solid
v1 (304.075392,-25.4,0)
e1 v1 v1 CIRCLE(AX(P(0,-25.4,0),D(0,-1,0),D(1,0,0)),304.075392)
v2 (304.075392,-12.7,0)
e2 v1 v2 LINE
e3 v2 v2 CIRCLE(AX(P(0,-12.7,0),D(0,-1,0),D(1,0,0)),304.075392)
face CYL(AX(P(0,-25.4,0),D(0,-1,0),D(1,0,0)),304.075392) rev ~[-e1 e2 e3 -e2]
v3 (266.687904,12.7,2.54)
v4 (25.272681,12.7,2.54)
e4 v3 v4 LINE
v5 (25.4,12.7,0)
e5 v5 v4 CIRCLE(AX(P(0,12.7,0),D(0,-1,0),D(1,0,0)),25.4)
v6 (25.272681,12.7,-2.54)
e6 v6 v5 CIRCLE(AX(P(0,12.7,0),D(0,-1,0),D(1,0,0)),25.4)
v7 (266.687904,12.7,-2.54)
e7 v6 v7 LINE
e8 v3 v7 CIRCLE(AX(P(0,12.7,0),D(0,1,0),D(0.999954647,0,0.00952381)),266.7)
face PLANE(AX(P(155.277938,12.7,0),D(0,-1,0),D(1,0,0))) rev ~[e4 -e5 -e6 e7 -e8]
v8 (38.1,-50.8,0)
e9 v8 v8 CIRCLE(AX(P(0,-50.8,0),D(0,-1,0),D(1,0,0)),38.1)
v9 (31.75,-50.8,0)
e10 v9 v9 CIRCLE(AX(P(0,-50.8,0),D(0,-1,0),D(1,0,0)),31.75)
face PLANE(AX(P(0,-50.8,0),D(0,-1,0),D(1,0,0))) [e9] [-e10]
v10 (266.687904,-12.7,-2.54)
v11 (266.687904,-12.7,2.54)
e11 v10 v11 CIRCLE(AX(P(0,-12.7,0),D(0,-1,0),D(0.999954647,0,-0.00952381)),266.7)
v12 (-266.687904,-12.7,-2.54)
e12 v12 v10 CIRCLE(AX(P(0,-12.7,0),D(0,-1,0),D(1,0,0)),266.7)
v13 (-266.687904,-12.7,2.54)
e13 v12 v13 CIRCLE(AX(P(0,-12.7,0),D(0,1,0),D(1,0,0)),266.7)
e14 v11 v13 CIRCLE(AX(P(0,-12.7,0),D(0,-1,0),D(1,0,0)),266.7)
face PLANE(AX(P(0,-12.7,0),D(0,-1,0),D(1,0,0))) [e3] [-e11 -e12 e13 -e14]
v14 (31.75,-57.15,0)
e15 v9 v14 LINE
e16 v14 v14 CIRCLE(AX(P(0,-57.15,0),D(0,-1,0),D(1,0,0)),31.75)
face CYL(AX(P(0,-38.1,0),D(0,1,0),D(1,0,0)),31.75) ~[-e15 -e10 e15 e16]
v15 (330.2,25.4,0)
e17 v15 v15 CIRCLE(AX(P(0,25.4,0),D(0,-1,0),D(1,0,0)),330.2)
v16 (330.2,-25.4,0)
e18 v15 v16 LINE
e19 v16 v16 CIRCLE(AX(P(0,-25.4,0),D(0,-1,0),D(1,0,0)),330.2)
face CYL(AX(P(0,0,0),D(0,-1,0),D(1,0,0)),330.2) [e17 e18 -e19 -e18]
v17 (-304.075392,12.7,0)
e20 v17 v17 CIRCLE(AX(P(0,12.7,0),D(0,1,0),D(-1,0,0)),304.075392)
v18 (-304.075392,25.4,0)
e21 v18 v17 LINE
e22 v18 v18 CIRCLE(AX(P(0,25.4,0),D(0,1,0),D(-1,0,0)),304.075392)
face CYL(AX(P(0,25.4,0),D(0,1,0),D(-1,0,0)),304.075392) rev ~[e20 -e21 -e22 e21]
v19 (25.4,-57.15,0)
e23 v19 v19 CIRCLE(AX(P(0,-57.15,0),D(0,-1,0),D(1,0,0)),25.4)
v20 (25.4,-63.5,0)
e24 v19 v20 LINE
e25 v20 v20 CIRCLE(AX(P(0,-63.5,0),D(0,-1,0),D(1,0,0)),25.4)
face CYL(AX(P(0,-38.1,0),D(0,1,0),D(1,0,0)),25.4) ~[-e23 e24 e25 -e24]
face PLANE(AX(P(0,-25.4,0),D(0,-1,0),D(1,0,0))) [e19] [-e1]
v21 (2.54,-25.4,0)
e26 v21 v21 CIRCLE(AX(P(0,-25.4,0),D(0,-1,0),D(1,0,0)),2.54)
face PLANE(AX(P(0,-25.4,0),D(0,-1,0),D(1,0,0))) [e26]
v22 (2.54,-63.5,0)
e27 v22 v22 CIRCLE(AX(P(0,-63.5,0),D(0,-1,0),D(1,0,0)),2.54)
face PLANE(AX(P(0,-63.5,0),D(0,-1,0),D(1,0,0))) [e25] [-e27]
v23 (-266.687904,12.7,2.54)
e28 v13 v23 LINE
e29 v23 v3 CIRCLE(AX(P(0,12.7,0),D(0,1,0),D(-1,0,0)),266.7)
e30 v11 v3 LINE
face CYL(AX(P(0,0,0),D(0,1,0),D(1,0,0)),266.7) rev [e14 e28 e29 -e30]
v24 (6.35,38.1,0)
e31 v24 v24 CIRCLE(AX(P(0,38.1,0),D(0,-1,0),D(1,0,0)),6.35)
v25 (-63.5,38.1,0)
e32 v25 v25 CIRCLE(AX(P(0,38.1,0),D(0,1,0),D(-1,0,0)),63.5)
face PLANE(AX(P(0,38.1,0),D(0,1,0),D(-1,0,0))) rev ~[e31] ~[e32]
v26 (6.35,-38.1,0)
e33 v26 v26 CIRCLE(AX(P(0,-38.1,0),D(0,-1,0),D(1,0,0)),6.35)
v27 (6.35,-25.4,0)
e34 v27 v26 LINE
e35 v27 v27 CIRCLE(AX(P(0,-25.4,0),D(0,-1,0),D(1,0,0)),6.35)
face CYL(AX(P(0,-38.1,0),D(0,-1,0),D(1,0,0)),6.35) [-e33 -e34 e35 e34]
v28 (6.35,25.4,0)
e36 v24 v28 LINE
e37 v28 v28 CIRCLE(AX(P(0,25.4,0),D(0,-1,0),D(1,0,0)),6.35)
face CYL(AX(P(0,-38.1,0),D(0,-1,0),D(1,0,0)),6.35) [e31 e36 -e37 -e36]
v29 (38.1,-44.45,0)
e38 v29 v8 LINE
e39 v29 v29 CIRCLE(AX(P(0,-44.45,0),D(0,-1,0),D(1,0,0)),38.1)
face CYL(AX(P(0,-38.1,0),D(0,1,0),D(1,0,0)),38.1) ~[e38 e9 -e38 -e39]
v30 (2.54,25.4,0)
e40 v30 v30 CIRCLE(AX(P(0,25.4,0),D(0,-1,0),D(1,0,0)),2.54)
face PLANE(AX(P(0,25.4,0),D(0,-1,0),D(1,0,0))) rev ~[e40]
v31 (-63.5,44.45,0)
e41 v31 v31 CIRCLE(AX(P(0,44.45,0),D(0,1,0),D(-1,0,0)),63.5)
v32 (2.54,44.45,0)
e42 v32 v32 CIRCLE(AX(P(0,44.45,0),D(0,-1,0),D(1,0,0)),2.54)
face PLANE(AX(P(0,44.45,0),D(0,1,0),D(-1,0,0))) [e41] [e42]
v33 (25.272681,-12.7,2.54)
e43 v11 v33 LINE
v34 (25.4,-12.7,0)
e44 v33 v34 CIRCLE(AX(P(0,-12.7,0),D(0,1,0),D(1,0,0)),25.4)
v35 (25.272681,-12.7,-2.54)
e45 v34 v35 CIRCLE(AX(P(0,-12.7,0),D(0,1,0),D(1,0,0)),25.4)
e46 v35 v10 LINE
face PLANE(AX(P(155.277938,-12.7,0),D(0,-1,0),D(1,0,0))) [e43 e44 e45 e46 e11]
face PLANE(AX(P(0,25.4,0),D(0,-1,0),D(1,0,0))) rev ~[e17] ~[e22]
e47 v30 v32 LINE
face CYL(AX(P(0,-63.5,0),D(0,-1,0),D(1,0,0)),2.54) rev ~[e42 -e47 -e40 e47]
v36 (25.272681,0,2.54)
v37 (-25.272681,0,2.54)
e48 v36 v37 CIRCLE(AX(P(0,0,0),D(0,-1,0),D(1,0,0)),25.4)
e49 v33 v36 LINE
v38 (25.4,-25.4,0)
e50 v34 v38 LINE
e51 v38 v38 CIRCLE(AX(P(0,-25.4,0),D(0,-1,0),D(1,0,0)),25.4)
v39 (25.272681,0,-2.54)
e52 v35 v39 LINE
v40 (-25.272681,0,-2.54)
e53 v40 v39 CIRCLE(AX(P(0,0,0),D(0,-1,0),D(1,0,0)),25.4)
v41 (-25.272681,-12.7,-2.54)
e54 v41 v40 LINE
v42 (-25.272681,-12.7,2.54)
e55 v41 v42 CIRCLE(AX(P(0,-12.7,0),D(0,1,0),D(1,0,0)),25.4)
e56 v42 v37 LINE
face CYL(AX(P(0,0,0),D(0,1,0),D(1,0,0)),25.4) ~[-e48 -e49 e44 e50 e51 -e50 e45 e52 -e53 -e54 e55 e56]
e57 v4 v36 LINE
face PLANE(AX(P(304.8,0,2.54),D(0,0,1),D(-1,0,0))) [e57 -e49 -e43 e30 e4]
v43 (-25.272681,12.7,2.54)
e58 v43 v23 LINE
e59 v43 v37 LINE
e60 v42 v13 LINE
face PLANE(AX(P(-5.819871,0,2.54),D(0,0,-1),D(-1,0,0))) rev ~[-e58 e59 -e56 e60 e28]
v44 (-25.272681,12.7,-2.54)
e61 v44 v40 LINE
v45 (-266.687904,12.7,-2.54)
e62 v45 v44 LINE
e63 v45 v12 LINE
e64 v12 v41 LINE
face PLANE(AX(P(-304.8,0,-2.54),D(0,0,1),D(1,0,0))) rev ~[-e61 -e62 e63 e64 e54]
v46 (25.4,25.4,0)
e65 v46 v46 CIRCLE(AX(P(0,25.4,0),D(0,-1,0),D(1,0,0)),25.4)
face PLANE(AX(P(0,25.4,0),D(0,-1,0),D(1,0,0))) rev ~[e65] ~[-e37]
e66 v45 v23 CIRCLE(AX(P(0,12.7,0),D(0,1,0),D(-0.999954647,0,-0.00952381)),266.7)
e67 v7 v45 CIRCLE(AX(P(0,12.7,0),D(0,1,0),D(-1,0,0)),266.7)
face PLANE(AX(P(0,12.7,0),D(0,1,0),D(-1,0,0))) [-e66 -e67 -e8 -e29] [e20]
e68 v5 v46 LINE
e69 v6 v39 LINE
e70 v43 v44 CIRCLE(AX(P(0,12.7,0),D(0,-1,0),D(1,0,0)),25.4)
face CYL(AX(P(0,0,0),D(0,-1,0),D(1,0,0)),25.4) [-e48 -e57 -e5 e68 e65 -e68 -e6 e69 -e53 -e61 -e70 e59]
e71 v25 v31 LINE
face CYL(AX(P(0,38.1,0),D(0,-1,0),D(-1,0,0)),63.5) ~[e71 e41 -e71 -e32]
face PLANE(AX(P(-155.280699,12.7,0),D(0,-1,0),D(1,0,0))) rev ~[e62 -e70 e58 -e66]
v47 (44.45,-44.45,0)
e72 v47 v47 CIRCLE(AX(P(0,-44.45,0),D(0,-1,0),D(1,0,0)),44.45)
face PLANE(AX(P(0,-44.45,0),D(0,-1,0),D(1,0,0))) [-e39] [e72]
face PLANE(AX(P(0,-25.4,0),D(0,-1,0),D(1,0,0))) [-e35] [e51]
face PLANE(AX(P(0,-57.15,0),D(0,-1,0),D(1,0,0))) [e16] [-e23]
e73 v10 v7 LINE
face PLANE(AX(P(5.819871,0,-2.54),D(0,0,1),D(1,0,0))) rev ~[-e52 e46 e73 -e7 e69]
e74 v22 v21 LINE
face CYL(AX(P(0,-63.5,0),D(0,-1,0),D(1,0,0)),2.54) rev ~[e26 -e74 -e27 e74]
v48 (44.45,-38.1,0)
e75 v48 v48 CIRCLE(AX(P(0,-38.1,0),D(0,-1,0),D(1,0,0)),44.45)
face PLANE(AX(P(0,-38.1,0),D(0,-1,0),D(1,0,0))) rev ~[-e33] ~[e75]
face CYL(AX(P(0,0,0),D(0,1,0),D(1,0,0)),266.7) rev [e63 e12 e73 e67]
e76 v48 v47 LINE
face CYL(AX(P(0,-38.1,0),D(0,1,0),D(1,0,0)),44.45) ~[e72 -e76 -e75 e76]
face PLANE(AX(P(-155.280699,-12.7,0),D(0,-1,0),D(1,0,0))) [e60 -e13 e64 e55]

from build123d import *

# Parameters (mm, degrees)
F0_R           = 330.2
F0_R_2         = 266.7
F1_DEPTH       = 25.4
F1_DEPTH_BACK  = 25.4
F3_R           = 44.45
F3_R_2         = 38.1
F4_DEPTH       = 6.35
F3_R_3         = 31.75
F5_DEPTH       = 12.7
F3_R_4         = 25.4
F6_DEPTH       = 19.05
F3_R_5         = 19.05
F7_DEPTH       = 25.4
F9_R           = 63.5
F10_DEPTH      = 6.35
F3_R_6         = 6.35
F11_DEPTH      = 25.4
F11_DEPTH_BACK = 76.2
F12_R          = 19.05
F12_R_2        = 2.54
F13_DEPTH      = 25.4
F14_DEPTH      = 107.951
F16_DEPTH      = 12.7
F16_DEPTH_BACK = 12.7
F17_DEPTH      = 107.951
F18_R          = 25.4
F19_DEPTH      = 25.4
F19_DEPTH_BACK = 25.4
F20_R          = 304.0753924765
F20_R_2        = 266.7
F21_DEPTH      = 12.7
F22_R          = 304.0753924765
F22_R_2        = 266.7
F23_DEPTH      = 12.7


with BuildPart() as f1:
    # F0 (on Front) → F1 (new body, two sides)
    with BuildSketch(Plane.XZ) as f1_sk:
        Circle(F0_R)
        Circle(F0_R_2, mode=Mode.SUBTRACT)
    extrude(amount=F1_DEPTH)
    extrude(f1_sk.sketch, amount=-F1_DEPTH_BACK)



with BuildPart() as f4:
    # F3 (on offset) → F4 (new body)
    with BuildSketch(Plane.XZ.offset(38.1)):
        Circle(F3_R)
        Circle(F3_R_2, mode=Mode.SUBTRACT)
    extrude(amount=F4_DEPTH)

    # F3 (on offset) → F5 (join)
    with BuildSketch(Plane.XZ.offset(38.1)):
        Circle(F3_R_2)
        Circle(F3_R_3, mode=Mode.SUBTRACT)
    extrude(amount=F5_DEPTH)

    # F3 (on offset) → F6 (join)
    with BuildSketch(Plane.XZ.offset(38.1)):
        Circle(F3_R_3)
        Circle(F3_R_4, mode=Mode.SUBTRACT)
    extrude(amount=F6_DEPTH)

    # F3 (on offset) → F7 (join)
    with BuildSketch(Plane.XZ.offset(38.1)):
        Circle(F3_R_4)
        Circle(F3_R_5, mode=Mode.SUBTRACT)
    extrude(amount=F7_DEPTH)



with BuildPart() as f10:
    # F9 (on offset) → F10 (new body)
    with BuildSketch(Plane(origin=(0, 38.1, 0), x_dir=(-1, 0, 0), z_dir=(0, 1, 0))):
        Circle(F9_R)
    extrude(amount=F10_DEPTH)

    # F3 (on offset) → F11 (join, two sides)
    with BuildSketch(Plane.XZ.offset(38.1)) as f11_sk:
        Circle(F3_R_6)
    extrude(amount=F11_DEPTH)
    extrude(f11_sk.sketch, amount=-F11_DEPTH_BACK)


with BuildPart() as f4_1:
    add(f4.part)

    add(f10.part)  # F13 merges F10
    # F12 (on face) → F13 (join)
    with BuildSketch(Plane.XZ.offset(63.5)):
        Circle(F12_R)
        Circle(F12_R_2, mode=Mode.SUBTRACT)
    extrude(amount=-F13_DEPTH)

    # F12 (on face) → F14 (cut, through all)
    with BuildSketch(Plane.XZ.offset(63.5)):
        Circle(F12_R_2)
    extrude(amount=-F14_DEPTH, mode=Mode.SUBTRACT)


with BuildPart() as f1_1:
    add(f1.part)

    add(f4_1.part)  # F16 merges F4
    # F15 (on Front) → F16 (join, two sides)
    with BuildSketch(Plane.XZ) as f16_sk:
        with BuildLine():
            Line((304.8, 2.54), (5.8198711326, 2.54))
            ThreePointArc((5.8198711326, 2.54), (6.2160550871, 1.2973662374), (6.35, 0))
            ThreePointArc((6.35, 0), (6.2160550871, -1.2973662374), (5.8198711326, -2.54))
            Line((5.8198711326, -2.54), (304.8, -2.54))
            Line((304.8, -2.54), (304.8, 2.54))
        make_face()
        with BuildLine():
            ThreePointArc((-5.8198711326, -2.54), (-6.35, 0), (-5.8198711326, 2.54))
            Line((-5.8198711326, 2.54), (-304.8, 2.54))
            Line((-304.8, 2.54), (-304.8, -2.54))
            Line((-304.8, -2.54), (-5.8198711326, -2.54))
        make_face()
    extrude(amount=F16_DEPTH)
    extrude(f16_sk.sketch, amount=-F16_DEPTH_BACK)

    # F12 (on face) → F17 (cut, through all)
    with BuildSketch(Plane.XZ.offset(63.5)):
        Circle(F12_R_2)
    extrude(amount=-F17_DEPTH, mode=Mode.SUBTRACT)

    # F18 (on Front) → F19 (join, two sides)
    with BuildSketch(Plane.XZ) as f19_sk:
        Circle(F18_R)
    extrude(amount=F19_DEPTH)
    extrude(f19_sk.sketch, amount=-F19_DEPTH_BACK)

    # F20 (on face) → F21 (cut)
    with BuildSketch(Plane.XZ.offset(25.4)):
        Circle(F20_R)
        Circle(F20_R_2, mode=Mode.SUBTRACT)
    extrude(amount=-F21_DEPTH, mode=Mode.SUBTRACT)

    # F22 (on face) → F23 (cut)
    with BuildSketch(Plane(origin=(0, 25.4, 0), x_dir=(-1, 0, 0), z_dir=(0, 1, 0))):
        Circle(F22_R)
        Circle(F22_R_2, mode=Mode.SUBTRACT)
    extrude(amount=-F23_DEPTH, mode=Mode.SUBTRACT)


solid = f1_1.part
